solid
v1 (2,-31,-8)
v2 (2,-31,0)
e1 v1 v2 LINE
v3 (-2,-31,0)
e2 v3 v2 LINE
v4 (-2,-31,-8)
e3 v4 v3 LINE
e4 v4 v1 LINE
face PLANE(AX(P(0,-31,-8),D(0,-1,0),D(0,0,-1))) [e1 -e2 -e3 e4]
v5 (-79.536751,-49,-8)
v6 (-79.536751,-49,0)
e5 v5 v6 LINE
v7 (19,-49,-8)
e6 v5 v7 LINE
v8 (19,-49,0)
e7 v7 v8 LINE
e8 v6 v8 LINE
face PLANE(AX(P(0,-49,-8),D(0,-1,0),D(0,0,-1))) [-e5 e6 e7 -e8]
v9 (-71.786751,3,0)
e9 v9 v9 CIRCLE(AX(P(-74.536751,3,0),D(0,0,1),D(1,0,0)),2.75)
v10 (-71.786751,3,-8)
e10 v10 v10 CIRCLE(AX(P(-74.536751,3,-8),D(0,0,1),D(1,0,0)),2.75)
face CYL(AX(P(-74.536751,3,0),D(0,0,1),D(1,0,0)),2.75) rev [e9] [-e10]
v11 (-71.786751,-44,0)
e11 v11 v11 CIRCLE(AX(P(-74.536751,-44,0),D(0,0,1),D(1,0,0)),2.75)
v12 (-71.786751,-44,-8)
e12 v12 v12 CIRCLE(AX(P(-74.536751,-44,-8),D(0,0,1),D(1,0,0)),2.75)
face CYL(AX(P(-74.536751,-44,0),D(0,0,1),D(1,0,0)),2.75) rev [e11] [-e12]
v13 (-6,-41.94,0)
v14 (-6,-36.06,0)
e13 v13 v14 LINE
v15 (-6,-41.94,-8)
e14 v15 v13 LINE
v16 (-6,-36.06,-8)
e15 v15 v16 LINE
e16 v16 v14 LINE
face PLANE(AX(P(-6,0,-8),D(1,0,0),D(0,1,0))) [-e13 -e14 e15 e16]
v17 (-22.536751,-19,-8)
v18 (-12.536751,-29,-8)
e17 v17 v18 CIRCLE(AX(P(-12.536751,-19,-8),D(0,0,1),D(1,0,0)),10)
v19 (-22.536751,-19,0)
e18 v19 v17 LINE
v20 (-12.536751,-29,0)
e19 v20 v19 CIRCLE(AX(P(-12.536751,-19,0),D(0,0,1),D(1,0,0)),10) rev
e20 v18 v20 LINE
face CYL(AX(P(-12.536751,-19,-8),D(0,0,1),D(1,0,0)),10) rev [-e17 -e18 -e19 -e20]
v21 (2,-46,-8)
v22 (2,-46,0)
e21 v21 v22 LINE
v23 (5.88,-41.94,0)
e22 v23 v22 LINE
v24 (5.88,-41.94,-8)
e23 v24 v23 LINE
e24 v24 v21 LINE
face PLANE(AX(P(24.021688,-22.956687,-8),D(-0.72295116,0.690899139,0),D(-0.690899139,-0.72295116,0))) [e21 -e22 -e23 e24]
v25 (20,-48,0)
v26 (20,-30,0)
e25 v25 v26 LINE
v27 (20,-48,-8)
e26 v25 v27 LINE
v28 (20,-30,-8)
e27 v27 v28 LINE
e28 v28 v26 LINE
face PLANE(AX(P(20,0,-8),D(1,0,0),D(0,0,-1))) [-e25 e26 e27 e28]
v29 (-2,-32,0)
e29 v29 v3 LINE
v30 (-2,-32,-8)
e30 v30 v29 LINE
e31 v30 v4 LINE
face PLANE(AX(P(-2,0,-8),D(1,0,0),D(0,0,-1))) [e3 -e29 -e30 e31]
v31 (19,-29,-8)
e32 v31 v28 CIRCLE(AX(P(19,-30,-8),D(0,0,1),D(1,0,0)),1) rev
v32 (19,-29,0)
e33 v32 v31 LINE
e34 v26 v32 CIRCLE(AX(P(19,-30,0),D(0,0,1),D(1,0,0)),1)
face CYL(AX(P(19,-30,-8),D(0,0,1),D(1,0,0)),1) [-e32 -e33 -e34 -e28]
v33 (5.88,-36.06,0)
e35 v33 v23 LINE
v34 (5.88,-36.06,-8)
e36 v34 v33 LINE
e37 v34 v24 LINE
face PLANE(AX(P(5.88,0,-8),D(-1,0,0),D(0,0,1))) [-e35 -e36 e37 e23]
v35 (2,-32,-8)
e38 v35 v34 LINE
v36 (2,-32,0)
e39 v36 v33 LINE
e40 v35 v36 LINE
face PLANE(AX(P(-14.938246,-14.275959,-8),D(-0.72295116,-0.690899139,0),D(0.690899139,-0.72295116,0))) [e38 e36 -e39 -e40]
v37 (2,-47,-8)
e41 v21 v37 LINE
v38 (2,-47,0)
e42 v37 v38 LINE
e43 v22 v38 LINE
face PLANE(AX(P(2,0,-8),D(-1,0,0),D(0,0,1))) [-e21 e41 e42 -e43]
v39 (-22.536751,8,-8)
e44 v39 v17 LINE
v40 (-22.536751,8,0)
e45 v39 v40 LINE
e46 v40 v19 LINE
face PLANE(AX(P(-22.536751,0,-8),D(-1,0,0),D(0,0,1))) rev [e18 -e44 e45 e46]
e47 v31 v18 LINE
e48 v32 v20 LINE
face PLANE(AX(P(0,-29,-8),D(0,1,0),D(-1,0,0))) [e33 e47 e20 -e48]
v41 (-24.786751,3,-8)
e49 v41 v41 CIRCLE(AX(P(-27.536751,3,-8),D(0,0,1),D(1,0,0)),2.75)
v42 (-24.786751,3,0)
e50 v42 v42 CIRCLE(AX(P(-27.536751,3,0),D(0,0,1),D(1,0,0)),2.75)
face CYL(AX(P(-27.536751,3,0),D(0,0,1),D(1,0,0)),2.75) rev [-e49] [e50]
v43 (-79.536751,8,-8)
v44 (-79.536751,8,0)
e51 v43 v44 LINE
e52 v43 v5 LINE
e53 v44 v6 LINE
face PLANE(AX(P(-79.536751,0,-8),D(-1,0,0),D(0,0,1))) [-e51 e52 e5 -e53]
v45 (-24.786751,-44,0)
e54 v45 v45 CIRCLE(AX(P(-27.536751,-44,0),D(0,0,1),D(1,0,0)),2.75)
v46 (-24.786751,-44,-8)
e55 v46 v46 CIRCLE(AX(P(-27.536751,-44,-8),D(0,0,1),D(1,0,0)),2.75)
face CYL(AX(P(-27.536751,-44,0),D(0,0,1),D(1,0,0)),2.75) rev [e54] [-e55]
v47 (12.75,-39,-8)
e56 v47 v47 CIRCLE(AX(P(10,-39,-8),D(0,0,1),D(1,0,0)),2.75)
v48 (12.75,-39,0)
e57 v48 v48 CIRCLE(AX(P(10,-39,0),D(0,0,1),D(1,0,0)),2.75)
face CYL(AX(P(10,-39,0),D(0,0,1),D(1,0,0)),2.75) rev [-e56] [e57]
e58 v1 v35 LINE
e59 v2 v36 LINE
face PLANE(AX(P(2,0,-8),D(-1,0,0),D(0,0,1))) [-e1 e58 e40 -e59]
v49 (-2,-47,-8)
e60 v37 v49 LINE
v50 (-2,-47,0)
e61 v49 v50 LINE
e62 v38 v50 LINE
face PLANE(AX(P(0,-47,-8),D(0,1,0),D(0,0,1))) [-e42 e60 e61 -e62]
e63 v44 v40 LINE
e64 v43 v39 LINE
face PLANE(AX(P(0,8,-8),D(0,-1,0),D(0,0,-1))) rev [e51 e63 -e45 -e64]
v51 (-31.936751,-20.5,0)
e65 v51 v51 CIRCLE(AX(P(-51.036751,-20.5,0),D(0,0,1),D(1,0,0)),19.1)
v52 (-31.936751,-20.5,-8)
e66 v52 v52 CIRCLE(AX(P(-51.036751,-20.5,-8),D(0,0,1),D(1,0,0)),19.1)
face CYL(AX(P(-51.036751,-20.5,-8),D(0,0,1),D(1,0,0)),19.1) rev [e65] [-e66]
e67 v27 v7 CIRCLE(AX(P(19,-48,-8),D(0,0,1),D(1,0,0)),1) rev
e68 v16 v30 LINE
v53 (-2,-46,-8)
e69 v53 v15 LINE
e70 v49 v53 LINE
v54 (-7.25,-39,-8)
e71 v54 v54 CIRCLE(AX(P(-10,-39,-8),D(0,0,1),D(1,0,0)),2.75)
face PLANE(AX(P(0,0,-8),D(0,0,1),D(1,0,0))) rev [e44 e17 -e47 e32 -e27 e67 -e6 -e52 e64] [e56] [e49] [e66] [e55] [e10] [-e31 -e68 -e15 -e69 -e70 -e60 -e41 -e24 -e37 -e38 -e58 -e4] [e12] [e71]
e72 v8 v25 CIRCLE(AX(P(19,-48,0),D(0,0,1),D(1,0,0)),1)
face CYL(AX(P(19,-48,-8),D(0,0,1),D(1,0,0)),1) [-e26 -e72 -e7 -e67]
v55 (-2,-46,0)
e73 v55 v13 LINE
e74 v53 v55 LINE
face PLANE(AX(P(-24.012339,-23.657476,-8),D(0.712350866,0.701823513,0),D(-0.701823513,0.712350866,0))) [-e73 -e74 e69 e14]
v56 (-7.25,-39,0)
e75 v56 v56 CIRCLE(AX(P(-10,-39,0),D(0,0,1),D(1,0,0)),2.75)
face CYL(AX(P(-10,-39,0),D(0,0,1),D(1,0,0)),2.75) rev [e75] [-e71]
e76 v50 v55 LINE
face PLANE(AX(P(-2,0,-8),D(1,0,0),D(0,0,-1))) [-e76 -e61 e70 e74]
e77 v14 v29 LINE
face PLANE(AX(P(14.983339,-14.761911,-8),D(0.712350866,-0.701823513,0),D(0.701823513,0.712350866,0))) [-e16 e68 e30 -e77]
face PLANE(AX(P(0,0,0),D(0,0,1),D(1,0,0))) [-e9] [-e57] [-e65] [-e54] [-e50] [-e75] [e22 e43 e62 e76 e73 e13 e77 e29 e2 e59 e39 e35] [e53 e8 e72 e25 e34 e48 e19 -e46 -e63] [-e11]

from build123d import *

# Parameters (mm, degrees)
STEPPER_PLATE_SKETCH_R   = 19.1
PLATE_BOSS_EXTRUDE_DEPTH = 8
FILLET1_R                = 10
FILLET2_R                = 1
M5_CLEARANCE_HOLE1_D     = 5.5


with BuildPart() as part:
    # Stepper Plate Sketch → Plate Boss-Extrude (new body)
    with BuildSketch(Plane.XY):
        Polygon((-22.536751464, 8), (-79.536751464, 8), (-79.536751464, -49), (20, -49), (20, -29), (-22.536751464, -29), align=None)
        with Locations((-51.036751464, -20.5)):
            Circle(STEPPER_PLATE_SKETCH_R, mode=Mode.SUBTRACT)
        Polygon((-2, -31), (2, -31), (2, -32), (5.88, -36.06), (5.88, -41.94), (2, -46), (2, -47), (-2, -47), (-2, -46), (-6, -41.94), (-6, -36.06), (-2, -32), align=None, mode=Mode.SUBTRACT)
    extrude(amount=-PLATE_BOSS_EXTRUDE_DEPTH)

    # Fillet1
    fillet1_edges = [part.edges().sort_by_distance(p)[0] for p in [
        (-22.536751464, -29, -4),
    ]]
    fillet(fillet1_edges, radius=FILLET1_R)

    # Fillet2
    fillet2_edges = [part.edges().sort_by_distance(p)[0] for p in [
        (20, -29, -4),
        (20, -49, -4),
    ]]
    fillet(fillet2_edges, radius=FILLET2_R)

    # M5 Clearance Hole1 (through all)
    with Locations(Plane.XY):
        with Locations((-74.536751464, 3), (-74.536751464, -44), (-27.536751464, -44), (-27.536751464, 3), (-10, -39), (10, -39)):
            Hole(M5_CLEARANCE_HOLE1_D / 2)


solid = part.part
